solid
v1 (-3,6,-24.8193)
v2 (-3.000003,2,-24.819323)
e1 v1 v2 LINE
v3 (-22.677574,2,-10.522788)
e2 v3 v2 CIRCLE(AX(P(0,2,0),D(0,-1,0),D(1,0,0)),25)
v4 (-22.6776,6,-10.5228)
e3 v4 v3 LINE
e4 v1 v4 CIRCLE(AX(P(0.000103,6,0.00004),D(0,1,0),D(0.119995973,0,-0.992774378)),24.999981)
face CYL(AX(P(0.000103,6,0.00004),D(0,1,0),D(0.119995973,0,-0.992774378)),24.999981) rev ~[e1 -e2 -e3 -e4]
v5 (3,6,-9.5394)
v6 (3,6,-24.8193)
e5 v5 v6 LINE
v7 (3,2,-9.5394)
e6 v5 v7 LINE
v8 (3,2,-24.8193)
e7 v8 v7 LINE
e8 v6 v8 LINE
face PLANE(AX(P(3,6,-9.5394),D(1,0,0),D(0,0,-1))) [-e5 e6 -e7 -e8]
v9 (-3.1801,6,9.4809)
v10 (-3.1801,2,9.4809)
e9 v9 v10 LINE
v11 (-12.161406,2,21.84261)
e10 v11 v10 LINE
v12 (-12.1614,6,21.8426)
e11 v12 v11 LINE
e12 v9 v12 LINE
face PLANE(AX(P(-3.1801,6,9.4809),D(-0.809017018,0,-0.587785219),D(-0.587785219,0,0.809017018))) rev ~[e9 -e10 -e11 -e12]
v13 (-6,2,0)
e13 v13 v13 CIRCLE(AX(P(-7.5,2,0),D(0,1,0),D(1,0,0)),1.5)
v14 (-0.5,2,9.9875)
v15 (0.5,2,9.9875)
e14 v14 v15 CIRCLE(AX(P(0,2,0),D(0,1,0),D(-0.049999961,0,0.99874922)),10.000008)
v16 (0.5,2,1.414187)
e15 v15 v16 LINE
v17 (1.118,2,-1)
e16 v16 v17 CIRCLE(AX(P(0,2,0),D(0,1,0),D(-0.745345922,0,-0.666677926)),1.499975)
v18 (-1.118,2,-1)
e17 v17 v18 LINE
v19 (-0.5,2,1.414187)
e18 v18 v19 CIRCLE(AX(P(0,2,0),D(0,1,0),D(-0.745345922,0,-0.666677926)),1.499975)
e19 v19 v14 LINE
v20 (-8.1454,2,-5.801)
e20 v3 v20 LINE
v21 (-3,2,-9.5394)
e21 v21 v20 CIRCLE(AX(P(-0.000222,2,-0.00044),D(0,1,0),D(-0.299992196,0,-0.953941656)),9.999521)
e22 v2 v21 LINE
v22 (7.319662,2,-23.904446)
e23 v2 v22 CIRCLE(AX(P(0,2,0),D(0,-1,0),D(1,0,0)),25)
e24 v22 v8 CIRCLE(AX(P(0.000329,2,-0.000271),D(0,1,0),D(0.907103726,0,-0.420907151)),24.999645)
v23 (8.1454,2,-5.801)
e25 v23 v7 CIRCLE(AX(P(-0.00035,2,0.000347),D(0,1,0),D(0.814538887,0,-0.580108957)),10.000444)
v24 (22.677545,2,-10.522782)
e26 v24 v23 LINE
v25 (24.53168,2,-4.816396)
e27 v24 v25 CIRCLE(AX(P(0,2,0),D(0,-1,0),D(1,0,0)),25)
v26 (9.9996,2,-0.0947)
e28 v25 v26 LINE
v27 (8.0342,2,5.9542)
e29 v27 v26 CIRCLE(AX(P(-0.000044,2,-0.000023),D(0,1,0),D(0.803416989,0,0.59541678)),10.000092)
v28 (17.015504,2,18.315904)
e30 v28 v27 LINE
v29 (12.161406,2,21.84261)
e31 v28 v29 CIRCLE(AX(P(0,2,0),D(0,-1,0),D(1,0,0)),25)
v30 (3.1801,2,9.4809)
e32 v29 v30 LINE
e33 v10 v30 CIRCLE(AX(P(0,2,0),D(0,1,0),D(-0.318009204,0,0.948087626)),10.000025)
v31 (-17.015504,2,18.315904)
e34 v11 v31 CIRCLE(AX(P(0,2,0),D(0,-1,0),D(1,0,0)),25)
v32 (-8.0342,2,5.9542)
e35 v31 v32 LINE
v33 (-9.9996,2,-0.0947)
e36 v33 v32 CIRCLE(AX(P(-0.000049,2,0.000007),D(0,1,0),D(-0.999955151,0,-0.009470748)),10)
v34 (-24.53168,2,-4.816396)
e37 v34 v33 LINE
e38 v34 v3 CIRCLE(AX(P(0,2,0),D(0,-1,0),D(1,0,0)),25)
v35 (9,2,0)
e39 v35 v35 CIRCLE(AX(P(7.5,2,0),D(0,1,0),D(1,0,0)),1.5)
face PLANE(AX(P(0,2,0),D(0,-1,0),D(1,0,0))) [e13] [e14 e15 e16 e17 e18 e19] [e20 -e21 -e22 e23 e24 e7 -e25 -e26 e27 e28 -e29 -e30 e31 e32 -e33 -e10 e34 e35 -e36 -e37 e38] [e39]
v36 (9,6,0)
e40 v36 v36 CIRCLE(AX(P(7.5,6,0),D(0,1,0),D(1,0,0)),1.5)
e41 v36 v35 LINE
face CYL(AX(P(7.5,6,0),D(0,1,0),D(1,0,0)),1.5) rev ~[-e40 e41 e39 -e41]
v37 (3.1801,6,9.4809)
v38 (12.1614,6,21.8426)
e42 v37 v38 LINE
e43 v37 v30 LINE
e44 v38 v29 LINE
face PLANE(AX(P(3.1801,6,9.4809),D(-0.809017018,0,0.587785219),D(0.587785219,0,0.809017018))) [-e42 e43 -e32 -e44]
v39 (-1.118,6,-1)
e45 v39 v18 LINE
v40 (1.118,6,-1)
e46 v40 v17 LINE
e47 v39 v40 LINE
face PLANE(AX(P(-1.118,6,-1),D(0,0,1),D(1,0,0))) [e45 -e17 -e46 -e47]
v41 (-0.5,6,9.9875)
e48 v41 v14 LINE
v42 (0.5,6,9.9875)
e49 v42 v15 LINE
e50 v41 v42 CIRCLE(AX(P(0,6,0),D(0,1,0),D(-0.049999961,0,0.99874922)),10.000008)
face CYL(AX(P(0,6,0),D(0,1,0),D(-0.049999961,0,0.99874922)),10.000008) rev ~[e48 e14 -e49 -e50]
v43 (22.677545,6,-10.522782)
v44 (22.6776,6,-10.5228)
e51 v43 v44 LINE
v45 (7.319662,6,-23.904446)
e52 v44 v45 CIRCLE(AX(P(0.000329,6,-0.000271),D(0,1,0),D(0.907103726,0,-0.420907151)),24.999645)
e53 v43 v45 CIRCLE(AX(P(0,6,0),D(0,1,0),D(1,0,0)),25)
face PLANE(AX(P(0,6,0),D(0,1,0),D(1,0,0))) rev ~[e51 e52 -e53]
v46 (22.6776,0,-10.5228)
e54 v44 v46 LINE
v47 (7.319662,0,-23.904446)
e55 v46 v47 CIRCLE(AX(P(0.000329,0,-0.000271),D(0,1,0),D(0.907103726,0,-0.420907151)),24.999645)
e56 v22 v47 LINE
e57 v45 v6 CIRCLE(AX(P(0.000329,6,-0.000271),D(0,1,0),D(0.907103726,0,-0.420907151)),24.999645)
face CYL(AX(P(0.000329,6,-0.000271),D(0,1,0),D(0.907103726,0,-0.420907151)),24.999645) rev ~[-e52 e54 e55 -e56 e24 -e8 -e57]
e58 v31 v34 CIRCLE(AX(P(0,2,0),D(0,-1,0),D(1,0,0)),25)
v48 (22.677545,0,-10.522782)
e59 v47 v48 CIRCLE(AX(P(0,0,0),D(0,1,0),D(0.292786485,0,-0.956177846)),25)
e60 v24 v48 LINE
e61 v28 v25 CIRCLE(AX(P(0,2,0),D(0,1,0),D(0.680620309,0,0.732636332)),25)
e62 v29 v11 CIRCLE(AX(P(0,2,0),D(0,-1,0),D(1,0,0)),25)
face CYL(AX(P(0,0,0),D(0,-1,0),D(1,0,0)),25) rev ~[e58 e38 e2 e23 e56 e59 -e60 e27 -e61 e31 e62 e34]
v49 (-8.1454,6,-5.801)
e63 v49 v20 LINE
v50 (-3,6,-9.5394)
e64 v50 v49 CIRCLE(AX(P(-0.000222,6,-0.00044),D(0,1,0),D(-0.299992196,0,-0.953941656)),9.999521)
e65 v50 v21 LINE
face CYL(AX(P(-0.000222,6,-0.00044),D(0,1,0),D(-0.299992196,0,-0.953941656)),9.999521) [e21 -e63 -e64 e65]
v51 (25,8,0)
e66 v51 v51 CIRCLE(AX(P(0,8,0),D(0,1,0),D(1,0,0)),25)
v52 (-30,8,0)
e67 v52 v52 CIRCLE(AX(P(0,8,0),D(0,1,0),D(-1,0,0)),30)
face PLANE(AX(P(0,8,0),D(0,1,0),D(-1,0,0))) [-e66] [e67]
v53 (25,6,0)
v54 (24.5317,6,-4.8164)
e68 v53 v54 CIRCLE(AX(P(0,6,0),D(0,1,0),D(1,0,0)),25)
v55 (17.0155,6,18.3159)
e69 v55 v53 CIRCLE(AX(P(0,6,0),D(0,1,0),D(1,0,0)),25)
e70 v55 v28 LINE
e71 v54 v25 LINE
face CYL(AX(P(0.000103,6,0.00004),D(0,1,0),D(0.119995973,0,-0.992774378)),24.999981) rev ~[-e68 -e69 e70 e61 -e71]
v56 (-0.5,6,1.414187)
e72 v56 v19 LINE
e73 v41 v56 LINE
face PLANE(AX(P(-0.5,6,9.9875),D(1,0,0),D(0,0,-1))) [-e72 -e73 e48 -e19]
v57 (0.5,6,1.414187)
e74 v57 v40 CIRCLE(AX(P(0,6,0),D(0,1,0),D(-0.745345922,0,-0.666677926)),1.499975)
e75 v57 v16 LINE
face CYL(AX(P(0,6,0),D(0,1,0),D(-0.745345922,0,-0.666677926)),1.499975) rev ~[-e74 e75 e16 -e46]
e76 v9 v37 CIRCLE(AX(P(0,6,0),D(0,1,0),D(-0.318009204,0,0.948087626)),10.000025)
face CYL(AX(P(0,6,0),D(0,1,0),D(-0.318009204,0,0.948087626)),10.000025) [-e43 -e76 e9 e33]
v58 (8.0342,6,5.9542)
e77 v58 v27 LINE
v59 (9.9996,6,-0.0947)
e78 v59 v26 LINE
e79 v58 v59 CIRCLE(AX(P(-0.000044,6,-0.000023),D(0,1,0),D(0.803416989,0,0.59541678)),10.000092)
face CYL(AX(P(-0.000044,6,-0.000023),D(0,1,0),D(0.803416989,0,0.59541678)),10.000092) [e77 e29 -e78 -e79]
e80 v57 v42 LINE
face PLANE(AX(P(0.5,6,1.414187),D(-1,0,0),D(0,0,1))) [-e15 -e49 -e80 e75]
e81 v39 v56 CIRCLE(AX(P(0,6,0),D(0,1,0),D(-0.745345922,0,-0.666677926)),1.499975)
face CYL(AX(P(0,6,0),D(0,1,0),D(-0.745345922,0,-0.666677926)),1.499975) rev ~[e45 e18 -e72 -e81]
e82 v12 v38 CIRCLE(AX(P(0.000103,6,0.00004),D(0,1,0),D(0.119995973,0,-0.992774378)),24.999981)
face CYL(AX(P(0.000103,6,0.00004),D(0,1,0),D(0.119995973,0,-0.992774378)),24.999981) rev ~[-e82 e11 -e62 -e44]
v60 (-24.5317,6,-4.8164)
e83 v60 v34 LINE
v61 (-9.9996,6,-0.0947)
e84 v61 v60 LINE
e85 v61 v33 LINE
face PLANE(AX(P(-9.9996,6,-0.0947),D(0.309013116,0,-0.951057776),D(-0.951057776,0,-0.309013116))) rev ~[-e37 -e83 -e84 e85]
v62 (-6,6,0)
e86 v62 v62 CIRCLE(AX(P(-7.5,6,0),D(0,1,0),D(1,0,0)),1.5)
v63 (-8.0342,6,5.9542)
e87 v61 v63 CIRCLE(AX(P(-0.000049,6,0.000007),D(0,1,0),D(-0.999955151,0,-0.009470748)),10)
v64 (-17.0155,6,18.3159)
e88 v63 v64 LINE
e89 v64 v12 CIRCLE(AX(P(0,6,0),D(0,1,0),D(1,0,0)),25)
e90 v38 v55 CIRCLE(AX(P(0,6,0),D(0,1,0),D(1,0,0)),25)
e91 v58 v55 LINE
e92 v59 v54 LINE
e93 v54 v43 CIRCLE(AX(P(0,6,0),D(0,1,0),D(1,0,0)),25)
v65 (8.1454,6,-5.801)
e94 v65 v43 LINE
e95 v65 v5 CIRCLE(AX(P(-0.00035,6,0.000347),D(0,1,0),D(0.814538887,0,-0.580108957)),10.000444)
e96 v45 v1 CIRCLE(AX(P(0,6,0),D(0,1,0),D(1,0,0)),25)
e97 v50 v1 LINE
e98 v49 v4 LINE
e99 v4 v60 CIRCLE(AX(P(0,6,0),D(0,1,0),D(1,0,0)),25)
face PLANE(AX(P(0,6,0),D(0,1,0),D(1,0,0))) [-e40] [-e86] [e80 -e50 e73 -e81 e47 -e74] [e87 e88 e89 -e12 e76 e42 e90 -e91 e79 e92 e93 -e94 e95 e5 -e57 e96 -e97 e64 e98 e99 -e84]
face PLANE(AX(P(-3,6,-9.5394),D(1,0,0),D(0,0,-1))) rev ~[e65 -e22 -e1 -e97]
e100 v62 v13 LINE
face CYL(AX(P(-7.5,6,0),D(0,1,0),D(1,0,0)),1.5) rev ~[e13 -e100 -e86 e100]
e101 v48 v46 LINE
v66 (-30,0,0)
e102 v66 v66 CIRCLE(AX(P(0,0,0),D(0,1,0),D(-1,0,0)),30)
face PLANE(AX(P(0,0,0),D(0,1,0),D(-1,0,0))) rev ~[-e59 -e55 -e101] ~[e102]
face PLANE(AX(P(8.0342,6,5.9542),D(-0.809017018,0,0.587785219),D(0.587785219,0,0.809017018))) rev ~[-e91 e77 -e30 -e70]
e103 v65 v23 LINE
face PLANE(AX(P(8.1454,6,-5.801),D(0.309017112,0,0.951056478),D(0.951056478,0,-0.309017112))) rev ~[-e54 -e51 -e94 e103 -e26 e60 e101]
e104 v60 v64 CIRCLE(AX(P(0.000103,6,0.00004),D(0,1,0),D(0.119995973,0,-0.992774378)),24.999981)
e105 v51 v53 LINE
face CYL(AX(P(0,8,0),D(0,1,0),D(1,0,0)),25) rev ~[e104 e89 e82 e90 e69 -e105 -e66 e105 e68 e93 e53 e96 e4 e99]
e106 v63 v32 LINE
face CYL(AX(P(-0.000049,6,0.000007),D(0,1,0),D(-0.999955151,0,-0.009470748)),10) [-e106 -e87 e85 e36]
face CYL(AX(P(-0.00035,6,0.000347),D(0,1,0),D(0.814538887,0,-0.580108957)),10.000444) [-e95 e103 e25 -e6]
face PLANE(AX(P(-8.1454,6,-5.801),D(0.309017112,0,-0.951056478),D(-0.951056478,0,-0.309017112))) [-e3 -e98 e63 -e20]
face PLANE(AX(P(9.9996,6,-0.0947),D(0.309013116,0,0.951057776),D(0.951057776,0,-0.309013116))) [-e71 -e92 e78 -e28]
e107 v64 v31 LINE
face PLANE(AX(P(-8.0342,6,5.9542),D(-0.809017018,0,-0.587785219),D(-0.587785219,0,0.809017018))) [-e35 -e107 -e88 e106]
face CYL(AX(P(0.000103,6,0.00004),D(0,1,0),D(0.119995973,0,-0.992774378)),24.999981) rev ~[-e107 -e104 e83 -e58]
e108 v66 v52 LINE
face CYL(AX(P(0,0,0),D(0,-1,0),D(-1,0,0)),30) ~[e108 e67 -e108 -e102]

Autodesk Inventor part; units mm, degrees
ref_plane "YZ Plane" through (0, 0, 0) normal (1, 0, 0) x (0, 1, 0)
ref_plane "XZ Plane" through (0, 0, 0) normal (0, 1, 0) x (-1, 0, 0)
ref_plane "XY Plane" through (0, 0, 0) normal (0, 0, 1) x (1, 0, 0)
sketch "Esquisse1" plane through (0, 0, 0) normal (0, 1, 0) x (-1, 0, 0)
  circle A0 centre (0, 0) radius 30
  dimension "d0" = 60
extrude "Extrusion1" add sketch "Esquisse1" along normal blind 8
sketch "Esquisse2" plane through (0, 8, 0) normal (0, 1, 0) x (1, 0, 0)
  circle A0 centre (0, 0) radius 30 projected
  circle A1 centre (0, 0) radius 25
  dimension "d3" = 50
extrude "Extrusion2" cut sketch "Esquisse2" against normal blind 2 contours A1
sketch "Esquisse3" plane through (0, 0, 0) normal (0, -1, 0) x (1, 0, 0)
  circle A0 centre (0, 0) radius 30 projected
  circle A1 centre (0, 0) radius 25
  dimension "d6" = 50
extrude "Extrusion3" cut sketch "Esquisse3" against normal blind 2 contours A1
sketch "Esquisse4" plane through (0, 6, 0) normal (0, 1, 0) x (1, 0, 0)
  circle A0 centre (0, 0) radius 25 construction
  arc A1 (3, 9.5394) -> (8.1454, 5.801) centre (0, 0) ccw construction
  line L0 (0, 0) -> (0, 25) construction
  arc A2 (3, 24.8193) -> (22.6776, 10.5228) centre (0, 0) ccw
  line L1 (0, 0) -> (23.7764, 7.7254) construction
  line L2 (3, 9.5394) -> (3, 24.8193)
  line L3 (8.1454, 5.801) -> (22.6776, 10.5228)
  arc A3 (8.1454, 5.801) -> (3, 9.5394) centre (0, 0) ccw
  arc A4 (22.6776, 10.5228) -> (3, 24.8193) centre (0, 0) ccw
  line L4 (-8.1454, 5.801) -> (-22.6776, 10.5228)
  line L5 (-3, 9.5394) -> (-3, 24.8193)
  arc A5 (-3, 9.5394) -> (-8.1454, 5.801) centre (0, 0) ccw
  arc A6 (-3, 24.8193) -> (-22.6776, 10.5228) centre (0, 0) ccw
  line L6 (-8.0342, -5.9542) -> (-17.0155, -18.3159)
  line L7 (-9.9996, 0.0947) -> (-24.5317, 4.8164)
  arc A7 (-9.9996, 0.0947) -> (-8.0342, -5.9542) centre (0, 0) ccw
  arc A8 (-24.5317, 4.8164) -> (-17.0155, -18.3159) centre (0, 0) ccw
  line L8 (3.1801, -9.4809) -> (12.1614, -21.8426)
  line L9 (-3.1801, -9.4809) -> (-12.1614, -21.8426)
  arc A9 (-3.1801, -9.4809) -> (3.1801, -9.4809) centre (0, 0) ccw
  arc A10 (-12.1614, -21.8426) -> (12.1614, -21.8426) centre (0, 0) ccw
  line L10 (9.9996, 0.0947) -> (24.5317, 4.8164)
  line L11 (8.0342, -5.9542) -> (17.0155, -18.3159)
  arc A11 (8.0342, -5.9542) -> (9.9996, 0.0947) centre (0, 0) ccw
  arc A12 (17.0155, -18.3159) -> (24.5317, 4.8164) centre (0, 0) ccw
  dimension "d9" = 20
  dimension "d10" = 72
  dimension "d11" = 3
  dimension "d12" = 3
  dimension "d15" = 360
extrude "Extrusion4" cut sketch "Esquisse4" against normal through all contours A4 L3 A3 L2 | L5 A5 L4 A2 | A2 L11 A11 L10 | L7 A7 L6 A2 | A2 L9 A9 L8
sketch "Esquisse5" plane through (0, 6, 0) normal (0, 1, 0) x (1, 0, 0)
  arc A0 (-3.1801, -9.4809) -> (3.1801, -9.4809) centre (0, 0) ccw construction
  arc A1 (-17.0155, -18.3159) -> (-12.1614, -21.8426) centre (0, 0) ccw projected
  arc A2 (-1.118, 1) -> (1.118, 1) centre (0, 0) ccw
  line L0 (-1.118, 1) -> (1.118, 1)
  line L1 (1.118, 1) -> (1.118, -1) construction
  line L2 (1.118, -1) -> (-1.118, -1) construction
  line L3 (-1.118, -1) -> (-1.118, 1) construction
  line L4 (-0.5, 0) -> (0.5, 0)
  line L5 (0.5, 0) -> (0.5, -9.9875)
  line L6 (0.5, -9.9875) -> (-0.5, -9.9875) construction
  line L7 (-0.5, -9.9875) -> (-0.5, 0)
  arc A3 (1.118, 1) -> (-1.118, 1) centre (0, 0) ccw
  arc A4 (0.5, -9.9875) -> (-0.5, -9.9875) centre (0, 0) ccw
  arc A5 (-0.5, -9.9875) -> (0.5, -9.9875) centre (0, 0) ccw
  dimension "d19" = 1
  dimension "d20" = 3
  dimension "d21" = 1
extrude "Extrusion5" cut sketch "Esquisse5" against normal through all contours L0 A2 L5 L4 L7 | L7 L4 L5 A2 | A2 L5 A5 L7
sketch "Esquisse6" plane through (0, 6, 0) normal (0, 1, 0) x (1, 0, 0)
  arc A0 (-1.118, 1) -> (-0.5, -1.4142) centre (0, 0) ccw projected
  circle A1 centre (-7.5, 0) radius 1.5
  circle A2 centre (7.5, 0) radius 1.5
  dimension "d24" = 3
  dimension "d25" = 15
  dimension "d26" = 7.5
  dimension "d27" = 3
extrude "Extrusion6" cut sketch "Esquisse6" against normal through all
equation "\"d12\" = d11"
equation "\"d26\" = 0.5 * d25"
equation "\"d27\" = d24"
properties part number "pololu_wheel_60x8"
